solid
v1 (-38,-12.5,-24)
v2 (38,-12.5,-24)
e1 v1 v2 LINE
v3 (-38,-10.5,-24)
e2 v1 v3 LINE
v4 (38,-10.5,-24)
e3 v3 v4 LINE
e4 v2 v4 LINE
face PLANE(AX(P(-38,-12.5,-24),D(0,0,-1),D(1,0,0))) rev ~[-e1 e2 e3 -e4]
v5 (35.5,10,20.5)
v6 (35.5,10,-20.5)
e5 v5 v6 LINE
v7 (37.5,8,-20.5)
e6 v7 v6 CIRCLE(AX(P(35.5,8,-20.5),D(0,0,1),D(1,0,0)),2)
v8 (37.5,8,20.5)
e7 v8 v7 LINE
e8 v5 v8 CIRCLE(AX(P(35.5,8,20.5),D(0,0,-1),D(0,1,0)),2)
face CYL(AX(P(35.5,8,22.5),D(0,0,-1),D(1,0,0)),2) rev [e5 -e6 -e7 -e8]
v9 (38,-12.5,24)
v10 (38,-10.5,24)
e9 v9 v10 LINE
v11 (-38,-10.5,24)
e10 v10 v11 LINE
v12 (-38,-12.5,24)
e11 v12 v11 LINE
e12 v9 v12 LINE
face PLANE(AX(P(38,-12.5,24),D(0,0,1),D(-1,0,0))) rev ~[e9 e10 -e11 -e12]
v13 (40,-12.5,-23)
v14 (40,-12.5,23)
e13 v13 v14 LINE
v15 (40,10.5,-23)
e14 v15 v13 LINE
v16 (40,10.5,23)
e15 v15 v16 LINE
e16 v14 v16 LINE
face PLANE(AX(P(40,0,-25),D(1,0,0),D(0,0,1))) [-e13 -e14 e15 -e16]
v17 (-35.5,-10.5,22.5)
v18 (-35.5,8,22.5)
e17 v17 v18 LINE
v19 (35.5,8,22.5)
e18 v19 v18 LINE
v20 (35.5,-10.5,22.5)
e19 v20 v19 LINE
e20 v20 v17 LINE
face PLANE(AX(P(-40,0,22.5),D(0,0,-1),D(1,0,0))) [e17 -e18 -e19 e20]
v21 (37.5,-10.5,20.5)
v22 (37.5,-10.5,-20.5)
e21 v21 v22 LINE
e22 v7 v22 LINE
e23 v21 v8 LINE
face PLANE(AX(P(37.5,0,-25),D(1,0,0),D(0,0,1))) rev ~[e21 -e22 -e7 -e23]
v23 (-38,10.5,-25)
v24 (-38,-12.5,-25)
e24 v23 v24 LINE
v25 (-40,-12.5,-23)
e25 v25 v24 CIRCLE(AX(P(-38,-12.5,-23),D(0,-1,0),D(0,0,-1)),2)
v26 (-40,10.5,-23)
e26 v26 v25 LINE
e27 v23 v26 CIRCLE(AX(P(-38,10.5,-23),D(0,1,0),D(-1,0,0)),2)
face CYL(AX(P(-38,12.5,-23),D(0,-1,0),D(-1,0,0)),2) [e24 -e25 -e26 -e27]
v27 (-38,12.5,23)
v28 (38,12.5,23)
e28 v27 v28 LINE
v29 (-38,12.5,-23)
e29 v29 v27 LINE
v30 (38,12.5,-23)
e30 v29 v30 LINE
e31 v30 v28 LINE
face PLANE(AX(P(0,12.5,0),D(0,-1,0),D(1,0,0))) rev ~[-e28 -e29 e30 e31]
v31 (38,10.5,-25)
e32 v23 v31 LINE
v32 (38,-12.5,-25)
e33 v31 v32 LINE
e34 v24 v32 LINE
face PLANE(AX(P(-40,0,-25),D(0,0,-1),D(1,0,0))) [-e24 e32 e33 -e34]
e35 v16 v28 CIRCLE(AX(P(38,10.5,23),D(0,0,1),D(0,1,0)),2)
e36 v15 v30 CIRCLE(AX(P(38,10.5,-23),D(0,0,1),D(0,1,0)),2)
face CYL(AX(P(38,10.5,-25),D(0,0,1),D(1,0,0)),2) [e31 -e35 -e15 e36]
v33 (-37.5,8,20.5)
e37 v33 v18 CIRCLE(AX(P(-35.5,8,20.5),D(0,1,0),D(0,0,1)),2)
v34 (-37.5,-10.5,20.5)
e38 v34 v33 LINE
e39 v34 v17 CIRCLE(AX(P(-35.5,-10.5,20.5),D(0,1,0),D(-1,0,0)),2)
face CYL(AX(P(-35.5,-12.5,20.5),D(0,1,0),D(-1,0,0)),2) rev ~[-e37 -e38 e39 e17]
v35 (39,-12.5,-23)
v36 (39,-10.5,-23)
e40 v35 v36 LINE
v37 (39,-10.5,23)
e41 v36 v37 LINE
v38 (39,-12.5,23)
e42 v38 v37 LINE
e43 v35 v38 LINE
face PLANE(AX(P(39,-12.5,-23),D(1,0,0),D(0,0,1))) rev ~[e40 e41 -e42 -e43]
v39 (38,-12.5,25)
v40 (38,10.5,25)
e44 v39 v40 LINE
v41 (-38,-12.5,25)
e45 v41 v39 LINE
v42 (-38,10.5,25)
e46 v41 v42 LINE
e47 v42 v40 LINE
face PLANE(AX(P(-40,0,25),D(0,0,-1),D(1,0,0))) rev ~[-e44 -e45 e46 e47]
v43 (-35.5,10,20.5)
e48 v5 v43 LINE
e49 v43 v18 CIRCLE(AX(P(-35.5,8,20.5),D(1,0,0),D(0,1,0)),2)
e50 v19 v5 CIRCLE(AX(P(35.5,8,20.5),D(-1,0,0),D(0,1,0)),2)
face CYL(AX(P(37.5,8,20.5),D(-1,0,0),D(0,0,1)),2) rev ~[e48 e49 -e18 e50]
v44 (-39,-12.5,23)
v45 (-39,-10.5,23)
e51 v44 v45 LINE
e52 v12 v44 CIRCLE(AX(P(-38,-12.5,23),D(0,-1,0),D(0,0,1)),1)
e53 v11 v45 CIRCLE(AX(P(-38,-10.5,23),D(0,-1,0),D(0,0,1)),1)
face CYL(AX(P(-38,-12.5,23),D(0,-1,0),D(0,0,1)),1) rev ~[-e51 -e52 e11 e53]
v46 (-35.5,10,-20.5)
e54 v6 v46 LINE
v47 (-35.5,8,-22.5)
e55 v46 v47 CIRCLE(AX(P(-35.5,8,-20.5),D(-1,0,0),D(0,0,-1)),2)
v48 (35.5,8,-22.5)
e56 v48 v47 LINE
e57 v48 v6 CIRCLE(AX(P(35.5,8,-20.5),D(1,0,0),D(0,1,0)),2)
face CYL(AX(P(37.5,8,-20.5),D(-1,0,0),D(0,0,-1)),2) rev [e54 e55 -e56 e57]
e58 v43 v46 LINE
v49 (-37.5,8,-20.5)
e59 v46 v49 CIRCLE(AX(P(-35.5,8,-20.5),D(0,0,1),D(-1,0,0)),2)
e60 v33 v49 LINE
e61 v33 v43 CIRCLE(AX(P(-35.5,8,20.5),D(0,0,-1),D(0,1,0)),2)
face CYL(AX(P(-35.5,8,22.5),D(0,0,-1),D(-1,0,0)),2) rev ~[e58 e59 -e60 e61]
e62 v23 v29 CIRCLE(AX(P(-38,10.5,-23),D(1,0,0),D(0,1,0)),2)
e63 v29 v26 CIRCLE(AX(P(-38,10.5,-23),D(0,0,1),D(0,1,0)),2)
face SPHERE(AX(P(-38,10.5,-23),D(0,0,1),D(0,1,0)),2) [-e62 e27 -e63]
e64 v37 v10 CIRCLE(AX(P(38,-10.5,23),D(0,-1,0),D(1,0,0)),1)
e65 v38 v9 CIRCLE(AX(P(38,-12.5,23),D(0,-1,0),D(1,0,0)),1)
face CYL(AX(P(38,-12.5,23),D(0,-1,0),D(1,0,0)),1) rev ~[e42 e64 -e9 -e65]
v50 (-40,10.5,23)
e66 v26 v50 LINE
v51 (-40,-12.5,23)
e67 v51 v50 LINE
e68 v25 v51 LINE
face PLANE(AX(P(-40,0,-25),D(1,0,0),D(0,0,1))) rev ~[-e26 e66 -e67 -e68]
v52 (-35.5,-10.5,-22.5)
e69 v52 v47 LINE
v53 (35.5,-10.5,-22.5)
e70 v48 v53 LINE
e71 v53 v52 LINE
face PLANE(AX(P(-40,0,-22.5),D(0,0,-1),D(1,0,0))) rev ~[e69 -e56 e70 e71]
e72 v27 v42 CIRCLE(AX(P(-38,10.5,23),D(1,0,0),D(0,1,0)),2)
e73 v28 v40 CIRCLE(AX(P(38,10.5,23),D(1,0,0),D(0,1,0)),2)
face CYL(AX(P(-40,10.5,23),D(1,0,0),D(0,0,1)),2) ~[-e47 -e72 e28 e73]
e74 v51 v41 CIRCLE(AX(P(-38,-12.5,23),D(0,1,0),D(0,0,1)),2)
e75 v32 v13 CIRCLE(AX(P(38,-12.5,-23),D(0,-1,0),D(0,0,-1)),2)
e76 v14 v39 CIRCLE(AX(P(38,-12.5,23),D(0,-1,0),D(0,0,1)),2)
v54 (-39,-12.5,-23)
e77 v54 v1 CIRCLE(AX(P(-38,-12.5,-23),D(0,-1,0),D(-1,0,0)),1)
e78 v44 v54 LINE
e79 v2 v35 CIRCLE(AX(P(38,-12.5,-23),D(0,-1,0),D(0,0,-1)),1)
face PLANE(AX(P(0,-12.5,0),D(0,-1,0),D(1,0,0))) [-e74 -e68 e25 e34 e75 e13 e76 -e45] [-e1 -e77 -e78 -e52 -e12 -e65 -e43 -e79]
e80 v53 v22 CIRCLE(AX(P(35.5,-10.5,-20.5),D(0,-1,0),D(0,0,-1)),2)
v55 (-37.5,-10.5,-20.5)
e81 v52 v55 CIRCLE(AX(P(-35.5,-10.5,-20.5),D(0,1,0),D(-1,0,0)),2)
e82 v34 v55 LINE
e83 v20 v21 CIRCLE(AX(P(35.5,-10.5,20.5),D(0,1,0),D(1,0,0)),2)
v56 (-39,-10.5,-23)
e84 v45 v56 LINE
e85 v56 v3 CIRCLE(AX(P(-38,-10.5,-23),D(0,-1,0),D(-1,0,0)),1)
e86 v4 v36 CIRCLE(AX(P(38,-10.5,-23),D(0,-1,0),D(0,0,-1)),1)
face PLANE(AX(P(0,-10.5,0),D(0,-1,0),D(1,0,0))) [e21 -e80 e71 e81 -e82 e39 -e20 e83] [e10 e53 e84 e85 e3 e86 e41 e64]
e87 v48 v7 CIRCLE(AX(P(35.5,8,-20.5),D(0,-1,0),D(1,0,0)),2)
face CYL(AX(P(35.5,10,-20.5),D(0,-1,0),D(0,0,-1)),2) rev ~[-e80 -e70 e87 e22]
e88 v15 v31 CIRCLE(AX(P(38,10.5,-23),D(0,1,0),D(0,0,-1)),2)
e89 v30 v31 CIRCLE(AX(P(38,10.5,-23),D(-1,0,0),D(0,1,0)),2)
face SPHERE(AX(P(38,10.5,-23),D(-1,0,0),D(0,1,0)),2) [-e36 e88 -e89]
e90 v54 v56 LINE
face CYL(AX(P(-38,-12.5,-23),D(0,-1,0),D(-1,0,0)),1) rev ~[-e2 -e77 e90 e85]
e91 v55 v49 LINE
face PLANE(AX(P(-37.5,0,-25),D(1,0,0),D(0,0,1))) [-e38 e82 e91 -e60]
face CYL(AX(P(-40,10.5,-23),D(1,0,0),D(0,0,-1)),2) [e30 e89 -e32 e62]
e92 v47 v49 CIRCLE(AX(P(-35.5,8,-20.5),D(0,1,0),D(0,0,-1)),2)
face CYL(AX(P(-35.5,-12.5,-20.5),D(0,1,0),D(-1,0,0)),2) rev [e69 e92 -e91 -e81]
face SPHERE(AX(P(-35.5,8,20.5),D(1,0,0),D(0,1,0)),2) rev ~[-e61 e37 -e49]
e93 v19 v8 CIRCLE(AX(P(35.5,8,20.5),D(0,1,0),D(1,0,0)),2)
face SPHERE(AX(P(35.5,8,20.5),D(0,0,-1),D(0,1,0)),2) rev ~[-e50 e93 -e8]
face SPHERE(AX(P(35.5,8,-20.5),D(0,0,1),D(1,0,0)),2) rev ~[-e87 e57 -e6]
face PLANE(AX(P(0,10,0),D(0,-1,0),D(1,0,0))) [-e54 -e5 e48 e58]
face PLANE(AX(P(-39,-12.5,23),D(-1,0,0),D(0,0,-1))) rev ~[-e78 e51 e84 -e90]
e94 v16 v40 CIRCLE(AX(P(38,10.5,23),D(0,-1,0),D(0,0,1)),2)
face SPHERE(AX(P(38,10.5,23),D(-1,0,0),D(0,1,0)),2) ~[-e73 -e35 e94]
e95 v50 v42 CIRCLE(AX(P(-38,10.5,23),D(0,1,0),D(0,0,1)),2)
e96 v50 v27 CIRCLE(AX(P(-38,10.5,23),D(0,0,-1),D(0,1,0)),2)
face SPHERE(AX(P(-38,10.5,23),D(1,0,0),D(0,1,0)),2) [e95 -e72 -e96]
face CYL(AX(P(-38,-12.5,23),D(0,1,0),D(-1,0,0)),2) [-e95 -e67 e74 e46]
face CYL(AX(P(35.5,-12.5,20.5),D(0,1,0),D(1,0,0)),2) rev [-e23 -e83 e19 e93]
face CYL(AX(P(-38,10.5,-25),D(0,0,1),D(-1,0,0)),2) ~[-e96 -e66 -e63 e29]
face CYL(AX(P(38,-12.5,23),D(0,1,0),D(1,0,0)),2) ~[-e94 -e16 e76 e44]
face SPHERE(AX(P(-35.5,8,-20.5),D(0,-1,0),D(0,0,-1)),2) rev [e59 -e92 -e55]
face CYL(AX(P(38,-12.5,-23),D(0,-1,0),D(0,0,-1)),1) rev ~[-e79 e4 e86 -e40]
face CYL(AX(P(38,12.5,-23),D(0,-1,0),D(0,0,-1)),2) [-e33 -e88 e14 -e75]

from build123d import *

# Parameters (mm, degrees)
F0_W     = 80
F0_H     = 50
F1_DEPTH = 12.5
F2_T     = -2.5
F3_R     = 2
F4_R     = 2
F6_DEPTH = 2


with BuildPart() as f1:
    # F0 (on Front) → F1 (new body, symmetric)
    with BuildSketch(Plane.XZ):
        Rectangle(F0_W, F0_H)
    extrude(amount=F1_DEPTH, both=True)

    # F2
    f2_openings = [f1.faces().sort_by_distance(p)[0] for p in [
        (0, -12.5, 0),
    ]]
    offset(amount=F2_T, openings=f2_openings)

    # F3
    f3_edges = [f1.edges().sort_by_distance(p)[0] for p in [
        (37.5, 10, 0),
        (0, 10, 22.5),
        (37.5, -1.25, 22.5),
        (37.5, -1.25, -22.5),
        (-37.5, -1.25, -22.5),
        (0, 10, -22.5),
        (-37.5, 10, 0),
        (-37.5, -1.25, 22.5),
    ]]
    fillet(f3_edges, radius=F3_R)

    # F4
    f4_edges = [f1.edges().sort_by_distance(p)[0] for p in [
        (0, 12.5, 25),
        (-40, 12.5, 0),
        (0, 12.5, -25),
        (40, 12.5, 0),
        (-40, 0, 25),
        (40, 0, 25),
        (-40, 0, -25),
        (40, 0, -25),
    ]]
    fillet(f4_edges, radius=F4_R)

    # F5 (on face) → F6 (cut)
    with BuildSketch(Plane.XZ.offset(12.5)):
        with BuildLine():
            Line((38, 24), (-38, 24))
            ThreePointArc((-38, 24), (-38.7071067812, 23.7071067812), (-39, 23))
            Line((-39, 23), (-39, -23))
            ThreePointArc((-39, -23), (-38.7071067812, -23.7071067812), (-38, -24))
            Line((-38, -24), (38, -24))
            ThreePointArc((38, -24), (38.7071067812, -23.7071067812), (39, -23))
            Line((39, -23), (39, 23))
            ThreePointArc((39, 23), (38.7071067812, 23.7071067812), (38, 24))
        make_face()
    extrude(amount=-F6_DEPTH, mode=Mode.SUBTRACT)


solid = f1.part
